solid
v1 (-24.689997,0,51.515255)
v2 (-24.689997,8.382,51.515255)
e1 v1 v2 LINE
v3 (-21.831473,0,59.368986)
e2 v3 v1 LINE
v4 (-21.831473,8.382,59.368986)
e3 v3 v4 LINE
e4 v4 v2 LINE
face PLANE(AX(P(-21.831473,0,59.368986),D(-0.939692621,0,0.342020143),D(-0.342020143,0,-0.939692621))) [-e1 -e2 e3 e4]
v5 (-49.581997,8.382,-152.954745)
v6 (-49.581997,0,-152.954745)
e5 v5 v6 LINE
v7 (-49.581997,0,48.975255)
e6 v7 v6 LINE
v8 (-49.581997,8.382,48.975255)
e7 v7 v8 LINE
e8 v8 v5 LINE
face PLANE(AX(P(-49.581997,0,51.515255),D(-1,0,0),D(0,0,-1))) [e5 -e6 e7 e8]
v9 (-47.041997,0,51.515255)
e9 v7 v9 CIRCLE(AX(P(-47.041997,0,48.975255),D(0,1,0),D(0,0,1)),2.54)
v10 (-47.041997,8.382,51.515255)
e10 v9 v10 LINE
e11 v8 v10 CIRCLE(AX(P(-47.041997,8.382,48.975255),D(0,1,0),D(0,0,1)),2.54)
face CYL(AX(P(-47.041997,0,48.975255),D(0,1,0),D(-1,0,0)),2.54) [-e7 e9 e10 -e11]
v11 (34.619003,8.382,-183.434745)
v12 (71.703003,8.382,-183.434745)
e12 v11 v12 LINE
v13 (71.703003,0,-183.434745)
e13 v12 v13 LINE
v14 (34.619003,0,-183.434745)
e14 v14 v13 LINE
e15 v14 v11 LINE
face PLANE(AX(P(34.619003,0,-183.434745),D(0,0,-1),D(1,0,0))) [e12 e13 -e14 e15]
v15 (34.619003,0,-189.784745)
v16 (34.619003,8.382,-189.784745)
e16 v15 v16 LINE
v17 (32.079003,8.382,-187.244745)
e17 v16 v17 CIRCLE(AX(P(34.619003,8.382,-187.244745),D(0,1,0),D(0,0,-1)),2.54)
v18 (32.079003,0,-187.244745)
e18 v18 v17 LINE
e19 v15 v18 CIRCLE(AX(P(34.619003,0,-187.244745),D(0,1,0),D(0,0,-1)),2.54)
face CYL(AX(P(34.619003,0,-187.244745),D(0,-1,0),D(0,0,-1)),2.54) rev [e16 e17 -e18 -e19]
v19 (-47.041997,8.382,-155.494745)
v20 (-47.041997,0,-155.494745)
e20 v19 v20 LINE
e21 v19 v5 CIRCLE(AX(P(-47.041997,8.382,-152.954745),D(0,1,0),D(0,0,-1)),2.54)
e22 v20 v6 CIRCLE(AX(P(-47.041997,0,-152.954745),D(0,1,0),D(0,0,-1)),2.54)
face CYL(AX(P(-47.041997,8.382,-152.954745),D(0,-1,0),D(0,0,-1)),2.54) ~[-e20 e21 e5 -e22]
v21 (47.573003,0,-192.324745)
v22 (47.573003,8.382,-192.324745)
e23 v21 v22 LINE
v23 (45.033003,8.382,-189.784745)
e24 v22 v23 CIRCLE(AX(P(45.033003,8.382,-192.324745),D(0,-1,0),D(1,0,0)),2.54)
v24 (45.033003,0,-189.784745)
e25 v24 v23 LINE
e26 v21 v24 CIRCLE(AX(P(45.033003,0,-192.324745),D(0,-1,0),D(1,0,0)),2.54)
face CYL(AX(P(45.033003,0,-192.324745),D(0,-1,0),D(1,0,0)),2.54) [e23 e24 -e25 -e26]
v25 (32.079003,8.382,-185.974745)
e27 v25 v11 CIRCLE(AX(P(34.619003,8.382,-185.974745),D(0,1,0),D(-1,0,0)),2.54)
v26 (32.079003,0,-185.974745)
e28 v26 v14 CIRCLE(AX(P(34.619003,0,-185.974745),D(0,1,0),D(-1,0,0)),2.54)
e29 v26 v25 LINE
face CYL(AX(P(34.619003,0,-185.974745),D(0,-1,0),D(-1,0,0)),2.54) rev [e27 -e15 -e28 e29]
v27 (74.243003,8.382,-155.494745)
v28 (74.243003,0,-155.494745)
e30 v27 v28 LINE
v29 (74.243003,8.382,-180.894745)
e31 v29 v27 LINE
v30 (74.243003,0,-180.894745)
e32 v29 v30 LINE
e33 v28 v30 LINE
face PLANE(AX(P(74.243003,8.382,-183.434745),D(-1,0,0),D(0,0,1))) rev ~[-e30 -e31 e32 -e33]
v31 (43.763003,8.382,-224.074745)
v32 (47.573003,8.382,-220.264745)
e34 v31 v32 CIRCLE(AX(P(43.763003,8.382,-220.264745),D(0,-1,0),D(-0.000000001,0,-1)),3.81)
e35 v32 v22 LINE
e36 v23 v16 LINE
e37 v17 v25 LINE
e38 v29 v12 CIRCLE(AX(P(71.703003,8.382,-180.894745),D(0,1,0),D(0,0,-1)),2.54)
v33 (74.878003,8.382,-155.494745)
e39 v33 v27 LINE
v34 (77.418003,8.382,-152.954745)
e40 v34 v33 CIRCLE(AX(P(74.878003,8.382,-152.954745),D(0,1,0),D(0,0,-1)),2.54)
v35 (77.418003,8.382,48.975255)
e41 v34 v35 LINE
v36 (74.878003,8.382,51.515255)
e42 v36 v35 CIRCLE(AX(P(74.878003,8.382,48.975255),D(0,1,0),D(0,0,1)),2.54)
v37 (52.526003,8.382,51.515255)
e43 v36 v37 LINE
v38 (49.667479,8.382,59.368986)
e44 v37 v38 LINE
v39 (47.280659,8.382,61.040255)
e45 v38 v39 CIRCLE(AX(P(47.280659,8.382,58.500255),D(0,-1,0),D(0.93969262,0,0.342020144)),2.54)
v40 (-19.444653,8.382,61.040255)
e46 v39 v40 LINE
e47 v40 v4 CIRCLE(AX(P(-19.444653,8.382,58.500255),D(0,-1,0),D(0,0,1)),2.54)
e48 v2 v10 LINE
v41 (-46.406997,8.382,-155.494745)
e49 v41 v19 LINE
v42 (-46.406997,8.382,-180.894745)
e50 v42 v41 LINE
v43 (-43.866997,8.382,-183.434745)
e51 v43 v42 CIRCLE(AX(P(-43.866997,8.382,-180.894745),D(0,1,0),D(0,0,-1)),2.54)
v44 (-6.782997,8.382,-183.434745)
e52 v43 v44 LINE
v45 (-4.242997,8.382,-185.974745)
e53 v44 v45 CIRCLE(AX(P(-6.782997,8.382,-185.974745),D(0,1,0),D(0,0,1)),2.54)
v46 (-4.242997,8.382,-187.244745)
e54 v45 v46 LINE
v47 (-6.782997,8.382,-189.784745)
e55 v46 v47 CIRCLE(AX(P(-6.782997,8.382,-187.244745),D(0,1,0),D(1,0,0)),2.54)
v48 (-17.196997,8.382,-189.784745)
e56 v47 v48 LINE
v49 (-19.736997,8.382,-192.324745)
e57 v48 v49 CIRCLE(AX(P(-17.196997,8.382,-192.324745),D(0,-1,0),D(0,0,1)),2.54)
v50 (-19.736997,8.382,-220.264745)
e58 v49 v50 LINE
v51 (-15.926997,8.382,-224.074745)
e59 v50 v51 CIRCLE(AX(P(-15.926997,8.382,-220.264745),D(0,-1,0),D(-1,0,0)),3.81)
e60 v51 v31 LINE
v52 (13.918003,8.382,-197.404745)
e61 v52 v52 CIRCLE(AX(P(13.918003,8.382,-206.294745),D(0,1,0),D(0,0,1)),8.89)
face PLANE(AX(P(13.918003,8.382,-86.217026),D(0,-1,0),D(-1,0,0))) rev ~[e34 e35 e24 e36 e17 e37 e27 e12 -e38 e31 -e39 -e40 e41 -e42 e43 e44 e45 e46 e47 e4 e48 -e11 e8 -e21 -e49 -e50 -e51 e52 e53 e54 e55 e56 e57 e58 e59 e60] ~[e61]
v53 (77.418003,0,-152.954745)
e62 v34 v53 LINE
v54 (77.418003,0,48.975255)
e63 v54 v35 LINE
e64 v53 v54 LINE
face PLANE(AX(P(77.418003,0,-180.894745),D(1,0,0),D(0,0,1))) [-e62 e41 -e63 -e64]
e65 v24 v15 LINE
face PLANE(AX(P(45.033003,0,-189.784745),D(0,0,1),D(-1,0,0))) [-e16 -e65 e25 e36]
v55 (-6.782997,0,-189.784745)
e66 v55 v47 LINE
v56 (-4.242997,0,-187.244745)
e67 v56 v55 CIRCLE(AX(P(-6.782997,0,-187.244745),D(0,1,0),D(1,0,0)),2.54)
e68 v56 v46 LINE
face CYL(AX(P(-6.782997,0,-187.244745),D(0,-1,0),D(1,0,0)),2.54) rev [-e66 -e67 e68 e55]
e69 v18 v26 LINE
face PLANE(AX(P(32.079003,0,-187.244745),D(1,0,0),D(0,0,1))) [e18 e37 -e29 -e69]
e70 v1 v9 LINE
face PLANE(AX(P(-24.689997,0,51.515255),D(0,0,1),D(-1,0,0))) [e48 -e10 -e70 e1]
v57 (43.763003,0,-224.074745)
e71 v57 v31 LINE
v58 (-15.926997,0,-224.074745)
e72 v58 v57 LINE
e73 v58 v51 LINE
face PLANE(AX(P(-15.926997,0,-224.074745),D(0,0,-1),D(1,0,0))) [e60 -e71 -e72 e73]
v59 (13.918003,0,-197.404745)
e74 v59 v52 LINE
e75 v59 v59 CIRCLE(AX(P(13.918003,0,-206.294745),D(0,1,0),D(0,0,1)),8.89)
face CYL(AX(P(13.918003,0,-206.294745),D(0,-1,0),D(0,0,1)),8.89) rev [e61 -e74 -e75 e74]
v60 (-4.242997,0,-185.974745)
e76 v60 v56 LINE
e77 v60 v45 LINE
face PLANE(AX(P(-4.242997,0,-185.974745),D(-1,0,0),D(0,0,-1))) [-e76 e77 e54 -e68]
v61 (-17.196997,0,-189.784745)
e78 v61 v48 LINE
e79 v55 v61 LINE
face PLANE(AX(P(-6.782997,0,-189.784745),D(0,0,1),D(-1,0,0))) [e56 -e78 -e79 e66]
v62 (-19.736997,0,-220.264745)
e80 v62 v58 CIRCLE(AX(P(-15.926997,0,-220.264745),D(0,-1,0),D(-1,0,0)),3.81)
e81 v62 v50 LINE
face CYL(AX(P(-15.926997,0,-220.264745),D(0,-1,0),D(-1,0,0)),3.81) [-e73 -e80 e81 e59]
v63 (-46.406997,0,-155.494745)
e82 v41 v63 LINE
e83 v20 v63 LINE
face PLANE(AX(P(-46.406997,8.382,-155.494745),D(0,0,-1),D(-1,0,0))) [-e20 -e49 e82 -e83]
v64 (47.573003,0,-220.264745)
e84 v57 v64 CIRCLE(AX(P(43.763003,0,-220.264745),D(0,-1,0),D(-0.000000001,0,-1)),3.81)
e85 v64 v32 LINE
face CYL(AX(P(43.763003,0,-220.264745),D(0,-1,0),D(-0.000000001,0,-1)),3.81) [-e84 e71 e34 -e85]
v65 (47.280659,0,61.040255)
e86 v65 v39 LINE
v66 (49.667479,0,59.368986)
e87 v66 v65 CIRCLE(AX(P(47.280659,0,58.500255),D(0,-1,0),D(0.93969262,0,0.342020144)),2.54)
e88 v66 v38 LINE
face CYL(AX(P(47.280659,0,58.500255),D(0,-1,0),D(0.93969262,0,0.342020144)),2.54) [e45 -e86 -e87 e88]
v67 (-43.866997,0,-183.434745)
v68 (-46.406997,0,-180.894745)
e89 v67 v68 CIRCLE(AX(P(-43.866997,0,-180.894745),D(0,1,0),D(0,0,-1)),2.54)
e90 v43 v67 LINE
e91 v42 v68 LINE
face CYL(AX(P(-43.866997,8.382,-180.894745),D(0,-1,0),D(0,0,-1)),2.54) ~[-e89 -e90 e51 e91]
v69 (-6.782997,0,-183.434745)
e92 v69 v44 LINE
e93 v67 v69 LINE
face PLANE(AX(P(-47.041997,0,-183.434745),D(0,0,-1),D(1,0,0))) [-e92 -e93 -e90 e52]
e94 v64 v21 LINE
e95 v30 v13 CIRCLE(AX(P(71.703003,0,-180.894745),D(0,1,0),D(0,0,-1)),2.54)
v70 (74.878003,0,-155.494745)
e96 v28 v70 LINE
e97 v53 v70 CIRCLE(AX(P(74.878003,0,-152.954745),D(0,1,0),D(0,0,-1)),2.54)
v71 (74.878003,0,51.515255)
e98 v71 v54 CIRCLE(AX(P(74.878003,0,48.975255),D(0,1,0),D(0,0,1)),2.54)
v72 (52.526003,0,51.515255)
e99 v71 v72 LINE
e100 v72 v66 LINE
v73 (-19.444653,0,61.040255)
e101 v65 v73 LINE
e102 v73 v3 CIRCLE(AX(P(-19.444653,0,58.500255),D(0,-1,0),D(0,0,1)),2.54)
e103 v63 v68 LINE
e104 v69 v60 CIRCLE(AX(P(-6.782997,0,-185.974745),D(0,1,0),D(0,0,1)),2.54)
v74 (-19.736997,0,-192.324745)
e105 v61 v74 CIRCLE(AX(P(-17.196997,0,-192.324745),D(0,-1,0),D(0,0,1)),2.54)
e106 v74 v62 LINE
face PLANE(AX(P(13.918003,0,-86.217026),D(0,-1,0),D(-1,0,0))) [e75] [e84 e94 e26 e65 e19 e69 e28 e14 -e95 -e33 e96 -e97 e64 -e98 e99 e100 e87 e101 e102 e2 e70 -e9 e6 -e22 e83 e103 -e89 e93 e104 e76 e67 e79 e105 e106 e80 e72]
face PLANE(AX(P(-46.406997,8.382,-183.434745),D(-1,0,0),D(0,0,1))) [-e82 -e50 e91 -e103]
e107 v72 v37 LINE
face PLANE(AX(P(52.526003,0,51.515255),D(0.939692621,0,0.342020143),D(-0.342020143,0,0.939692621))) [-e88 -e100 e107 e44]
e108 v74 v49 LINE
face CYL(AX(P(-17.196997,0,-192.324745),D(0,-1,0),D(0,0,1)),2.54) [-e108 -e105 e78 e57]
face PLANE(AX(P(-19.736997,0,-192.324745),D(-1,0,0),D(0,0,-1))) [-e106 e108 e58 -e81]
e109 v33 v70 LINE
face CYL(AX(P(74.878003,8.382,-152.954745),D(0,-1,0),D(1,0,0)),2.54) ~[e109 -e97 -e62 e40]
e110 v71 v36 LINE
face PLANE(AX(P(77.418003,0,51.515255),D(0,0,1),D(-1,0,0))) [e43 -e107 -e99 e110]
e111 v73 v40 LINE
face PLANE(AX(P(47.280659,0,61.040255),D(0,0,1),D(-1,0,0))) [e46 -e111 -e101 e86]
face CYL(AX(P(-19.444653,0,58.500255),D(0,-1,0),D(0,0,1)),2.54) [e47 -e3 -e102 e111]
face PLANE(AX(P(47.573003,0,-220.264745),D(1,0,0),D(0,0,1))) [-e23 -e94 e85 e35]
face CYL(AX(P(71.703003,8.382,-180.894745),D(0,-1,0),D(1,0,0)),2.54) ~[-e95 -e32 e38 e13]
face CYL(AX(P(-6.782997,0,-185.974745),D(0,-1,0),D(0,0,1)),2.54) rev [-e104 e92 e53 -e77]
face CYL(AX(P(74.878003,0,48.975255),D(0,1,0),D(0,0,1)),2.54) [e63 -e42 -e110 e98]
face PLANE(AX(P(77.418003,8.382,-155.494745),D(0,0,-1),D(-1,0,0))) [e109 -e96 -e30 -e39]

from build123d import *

# Parameters (mm, degrees)
SKETCH1_R           = 8.89
BOSS_EXTRUDE1_DEPTH = 8.382
SKETCH15_W          = 3.175
SKETCH15_H          = 27.94
CUT_EXTRUDE14_DEPTH = 238.219932461
FILLET4_R           = 2.54


with BuildPart() as part:
    # Sketch1 → Boss-Extrude1 (new body)
    with BuildSketch(Plane(origin=(0, 0, 0), x_dir=(1, 0, 0), z_dir=(0, 1, 0))):
        with BuildLine():
            Line((-15.926997076, 224.074744797), (43.763002924, 224.074744797))
            ThreePointArc((43.763002924, 224.074744797), (46.457079761, 222.958821634), (47.573002924, 220.264744797))
            Line((47.573002924, 220.264744797), (47.573002924, 192.324744797))
            ThreePointArc((47.573002924, 192.324744797), (46.829054148, 190.528693573), (45.033002924, 189.784744797))
            Line((45.033002924, 189.784744797), (34.619002924, 189.784744797))
            ThreePointArc((34.619002924, 189.784744797), (32.8229517, 189.040796021), (32.079002924, 187.244744797))
            Line((32.079002924, 187.244744797), (32.079002924, 185.974744797))
            ThreePointArc((32.079002924, 185.974744797), (32.8229517, 184.178693573), (34.619002924, 183.434744797))
            Line((34.619002924, 183.434744797), (74.878002924, 183.434744797))
            ThreePointArc((74.878002924, 183.434744797), (76.674054148, 182.690796021), (77.418002924, 180.894744797))
            Line((77.418002924, 180.894744797), (77.418002924, -51.515255203))
            Line((77.418002924, -51.515255203), (52.526002924, -51.515255203))
            Line((52.526002924, -51.515255203), (49.667478553, -59.368986367))
            ThreePointArc((49.667478553, -59.368986367), (48.737543444, -60.580901395), (47.280659296, -61.040255203))
            Line((47.280659296, -61.040255203), (-19.444653447, -61.040255203))
            ThreePointArc((-19.444653447, -61.040255203), (-20.901537596, -60.580901395), (-21.831472704, -59.368986367))
            Line((-21.831472704, -59.368986367), (-24.689997076, -51.515255203))
            Line((-24.689997076, -51.515255203), (-49.581997076, -51.515255203))
            Line((-49.581997076, -51.515255203), (-49.581997076, 180.894744797))
            ThreePointArc((-49.581997076, 180.894744797), (-48.8380483, 182.690796021), (-47.041997076, 183.434744797))
            Line((-47.041997076, 183.434744797), (-6.782997076, 183.434744797))
            ThreePointArc((-6.782997076, 183.434744797), (-4.986945852, 184.178693573), (-4.242997076, 185.974744797))
            Line((-4.242997076, 185.974744797), (-4.242997076, 187.244744797))
            ThreePointArc((-4.242997076, 187.244744797), (-4.986945852, 189.040796021), (-6.782997076, 189.784744797))
            Line((-6.782997076, 189.784744797), (-17.196997076, 189.784744797))
            ThreePointArc((-17.196997076, 189.784744797), (-18.9930483, 190.528693573), (-19.736997076, 192.324744797))
            Line((-19.736997076, 192.324744797), (-19.736997076, 220.264744797))
            ThreePointArc((-19.736997076, 220.264744797), (-18.621073912, 222.958821634), (-15.926997076, 224.074744797))
        make_face()
        with Locations(Location((13.918002924, 206.294744797, 0), (0, 0, 270))):
            Circle(SKETCH1_R, mode=Mode.SUBTRACT)
    extrude(amount=BOSS_EXTRUDE1_DEPTH)

    # Sketch15 → Cut-Extrude14 (cut, through all)
    with BuildSketch(Plane(origin=(0, 8.382, 0), x_dir=(-1, 0, 0), z_dir=(0, 1, 0))):
        with Locations((47.994497076, -169.464744797)):
            Rectangle(SKETCH15_W, SKETCH15_H)
        with Locations((-75.830502924, -169.464744797)):
            Rectangle(SKETCH15_W, SKETCH15_H)
    extrude(amount=-CUT_EXTRUDE14_DEPTH, mode=Mode.SUBTRACT)

    # Fillet4
    fillet4_edges = [part.edges().sort_by_distance(p)[0] for p in [
        (74.243002924, 4.191, -183.434744797),
        (77.418002924, 4.191, -155.494744797),
        (-49.581997076, 4.191, 51.515255203),
        (77.418002924, 4.191, 51.515255203),
        (-49.581997076, 4.191, -155.494744797),
        (-46.406997076, 4.191, -183.434744797),
    ]]
    fillet(fillet4_edges, radius=FILLET4_R)


solid = part.part
